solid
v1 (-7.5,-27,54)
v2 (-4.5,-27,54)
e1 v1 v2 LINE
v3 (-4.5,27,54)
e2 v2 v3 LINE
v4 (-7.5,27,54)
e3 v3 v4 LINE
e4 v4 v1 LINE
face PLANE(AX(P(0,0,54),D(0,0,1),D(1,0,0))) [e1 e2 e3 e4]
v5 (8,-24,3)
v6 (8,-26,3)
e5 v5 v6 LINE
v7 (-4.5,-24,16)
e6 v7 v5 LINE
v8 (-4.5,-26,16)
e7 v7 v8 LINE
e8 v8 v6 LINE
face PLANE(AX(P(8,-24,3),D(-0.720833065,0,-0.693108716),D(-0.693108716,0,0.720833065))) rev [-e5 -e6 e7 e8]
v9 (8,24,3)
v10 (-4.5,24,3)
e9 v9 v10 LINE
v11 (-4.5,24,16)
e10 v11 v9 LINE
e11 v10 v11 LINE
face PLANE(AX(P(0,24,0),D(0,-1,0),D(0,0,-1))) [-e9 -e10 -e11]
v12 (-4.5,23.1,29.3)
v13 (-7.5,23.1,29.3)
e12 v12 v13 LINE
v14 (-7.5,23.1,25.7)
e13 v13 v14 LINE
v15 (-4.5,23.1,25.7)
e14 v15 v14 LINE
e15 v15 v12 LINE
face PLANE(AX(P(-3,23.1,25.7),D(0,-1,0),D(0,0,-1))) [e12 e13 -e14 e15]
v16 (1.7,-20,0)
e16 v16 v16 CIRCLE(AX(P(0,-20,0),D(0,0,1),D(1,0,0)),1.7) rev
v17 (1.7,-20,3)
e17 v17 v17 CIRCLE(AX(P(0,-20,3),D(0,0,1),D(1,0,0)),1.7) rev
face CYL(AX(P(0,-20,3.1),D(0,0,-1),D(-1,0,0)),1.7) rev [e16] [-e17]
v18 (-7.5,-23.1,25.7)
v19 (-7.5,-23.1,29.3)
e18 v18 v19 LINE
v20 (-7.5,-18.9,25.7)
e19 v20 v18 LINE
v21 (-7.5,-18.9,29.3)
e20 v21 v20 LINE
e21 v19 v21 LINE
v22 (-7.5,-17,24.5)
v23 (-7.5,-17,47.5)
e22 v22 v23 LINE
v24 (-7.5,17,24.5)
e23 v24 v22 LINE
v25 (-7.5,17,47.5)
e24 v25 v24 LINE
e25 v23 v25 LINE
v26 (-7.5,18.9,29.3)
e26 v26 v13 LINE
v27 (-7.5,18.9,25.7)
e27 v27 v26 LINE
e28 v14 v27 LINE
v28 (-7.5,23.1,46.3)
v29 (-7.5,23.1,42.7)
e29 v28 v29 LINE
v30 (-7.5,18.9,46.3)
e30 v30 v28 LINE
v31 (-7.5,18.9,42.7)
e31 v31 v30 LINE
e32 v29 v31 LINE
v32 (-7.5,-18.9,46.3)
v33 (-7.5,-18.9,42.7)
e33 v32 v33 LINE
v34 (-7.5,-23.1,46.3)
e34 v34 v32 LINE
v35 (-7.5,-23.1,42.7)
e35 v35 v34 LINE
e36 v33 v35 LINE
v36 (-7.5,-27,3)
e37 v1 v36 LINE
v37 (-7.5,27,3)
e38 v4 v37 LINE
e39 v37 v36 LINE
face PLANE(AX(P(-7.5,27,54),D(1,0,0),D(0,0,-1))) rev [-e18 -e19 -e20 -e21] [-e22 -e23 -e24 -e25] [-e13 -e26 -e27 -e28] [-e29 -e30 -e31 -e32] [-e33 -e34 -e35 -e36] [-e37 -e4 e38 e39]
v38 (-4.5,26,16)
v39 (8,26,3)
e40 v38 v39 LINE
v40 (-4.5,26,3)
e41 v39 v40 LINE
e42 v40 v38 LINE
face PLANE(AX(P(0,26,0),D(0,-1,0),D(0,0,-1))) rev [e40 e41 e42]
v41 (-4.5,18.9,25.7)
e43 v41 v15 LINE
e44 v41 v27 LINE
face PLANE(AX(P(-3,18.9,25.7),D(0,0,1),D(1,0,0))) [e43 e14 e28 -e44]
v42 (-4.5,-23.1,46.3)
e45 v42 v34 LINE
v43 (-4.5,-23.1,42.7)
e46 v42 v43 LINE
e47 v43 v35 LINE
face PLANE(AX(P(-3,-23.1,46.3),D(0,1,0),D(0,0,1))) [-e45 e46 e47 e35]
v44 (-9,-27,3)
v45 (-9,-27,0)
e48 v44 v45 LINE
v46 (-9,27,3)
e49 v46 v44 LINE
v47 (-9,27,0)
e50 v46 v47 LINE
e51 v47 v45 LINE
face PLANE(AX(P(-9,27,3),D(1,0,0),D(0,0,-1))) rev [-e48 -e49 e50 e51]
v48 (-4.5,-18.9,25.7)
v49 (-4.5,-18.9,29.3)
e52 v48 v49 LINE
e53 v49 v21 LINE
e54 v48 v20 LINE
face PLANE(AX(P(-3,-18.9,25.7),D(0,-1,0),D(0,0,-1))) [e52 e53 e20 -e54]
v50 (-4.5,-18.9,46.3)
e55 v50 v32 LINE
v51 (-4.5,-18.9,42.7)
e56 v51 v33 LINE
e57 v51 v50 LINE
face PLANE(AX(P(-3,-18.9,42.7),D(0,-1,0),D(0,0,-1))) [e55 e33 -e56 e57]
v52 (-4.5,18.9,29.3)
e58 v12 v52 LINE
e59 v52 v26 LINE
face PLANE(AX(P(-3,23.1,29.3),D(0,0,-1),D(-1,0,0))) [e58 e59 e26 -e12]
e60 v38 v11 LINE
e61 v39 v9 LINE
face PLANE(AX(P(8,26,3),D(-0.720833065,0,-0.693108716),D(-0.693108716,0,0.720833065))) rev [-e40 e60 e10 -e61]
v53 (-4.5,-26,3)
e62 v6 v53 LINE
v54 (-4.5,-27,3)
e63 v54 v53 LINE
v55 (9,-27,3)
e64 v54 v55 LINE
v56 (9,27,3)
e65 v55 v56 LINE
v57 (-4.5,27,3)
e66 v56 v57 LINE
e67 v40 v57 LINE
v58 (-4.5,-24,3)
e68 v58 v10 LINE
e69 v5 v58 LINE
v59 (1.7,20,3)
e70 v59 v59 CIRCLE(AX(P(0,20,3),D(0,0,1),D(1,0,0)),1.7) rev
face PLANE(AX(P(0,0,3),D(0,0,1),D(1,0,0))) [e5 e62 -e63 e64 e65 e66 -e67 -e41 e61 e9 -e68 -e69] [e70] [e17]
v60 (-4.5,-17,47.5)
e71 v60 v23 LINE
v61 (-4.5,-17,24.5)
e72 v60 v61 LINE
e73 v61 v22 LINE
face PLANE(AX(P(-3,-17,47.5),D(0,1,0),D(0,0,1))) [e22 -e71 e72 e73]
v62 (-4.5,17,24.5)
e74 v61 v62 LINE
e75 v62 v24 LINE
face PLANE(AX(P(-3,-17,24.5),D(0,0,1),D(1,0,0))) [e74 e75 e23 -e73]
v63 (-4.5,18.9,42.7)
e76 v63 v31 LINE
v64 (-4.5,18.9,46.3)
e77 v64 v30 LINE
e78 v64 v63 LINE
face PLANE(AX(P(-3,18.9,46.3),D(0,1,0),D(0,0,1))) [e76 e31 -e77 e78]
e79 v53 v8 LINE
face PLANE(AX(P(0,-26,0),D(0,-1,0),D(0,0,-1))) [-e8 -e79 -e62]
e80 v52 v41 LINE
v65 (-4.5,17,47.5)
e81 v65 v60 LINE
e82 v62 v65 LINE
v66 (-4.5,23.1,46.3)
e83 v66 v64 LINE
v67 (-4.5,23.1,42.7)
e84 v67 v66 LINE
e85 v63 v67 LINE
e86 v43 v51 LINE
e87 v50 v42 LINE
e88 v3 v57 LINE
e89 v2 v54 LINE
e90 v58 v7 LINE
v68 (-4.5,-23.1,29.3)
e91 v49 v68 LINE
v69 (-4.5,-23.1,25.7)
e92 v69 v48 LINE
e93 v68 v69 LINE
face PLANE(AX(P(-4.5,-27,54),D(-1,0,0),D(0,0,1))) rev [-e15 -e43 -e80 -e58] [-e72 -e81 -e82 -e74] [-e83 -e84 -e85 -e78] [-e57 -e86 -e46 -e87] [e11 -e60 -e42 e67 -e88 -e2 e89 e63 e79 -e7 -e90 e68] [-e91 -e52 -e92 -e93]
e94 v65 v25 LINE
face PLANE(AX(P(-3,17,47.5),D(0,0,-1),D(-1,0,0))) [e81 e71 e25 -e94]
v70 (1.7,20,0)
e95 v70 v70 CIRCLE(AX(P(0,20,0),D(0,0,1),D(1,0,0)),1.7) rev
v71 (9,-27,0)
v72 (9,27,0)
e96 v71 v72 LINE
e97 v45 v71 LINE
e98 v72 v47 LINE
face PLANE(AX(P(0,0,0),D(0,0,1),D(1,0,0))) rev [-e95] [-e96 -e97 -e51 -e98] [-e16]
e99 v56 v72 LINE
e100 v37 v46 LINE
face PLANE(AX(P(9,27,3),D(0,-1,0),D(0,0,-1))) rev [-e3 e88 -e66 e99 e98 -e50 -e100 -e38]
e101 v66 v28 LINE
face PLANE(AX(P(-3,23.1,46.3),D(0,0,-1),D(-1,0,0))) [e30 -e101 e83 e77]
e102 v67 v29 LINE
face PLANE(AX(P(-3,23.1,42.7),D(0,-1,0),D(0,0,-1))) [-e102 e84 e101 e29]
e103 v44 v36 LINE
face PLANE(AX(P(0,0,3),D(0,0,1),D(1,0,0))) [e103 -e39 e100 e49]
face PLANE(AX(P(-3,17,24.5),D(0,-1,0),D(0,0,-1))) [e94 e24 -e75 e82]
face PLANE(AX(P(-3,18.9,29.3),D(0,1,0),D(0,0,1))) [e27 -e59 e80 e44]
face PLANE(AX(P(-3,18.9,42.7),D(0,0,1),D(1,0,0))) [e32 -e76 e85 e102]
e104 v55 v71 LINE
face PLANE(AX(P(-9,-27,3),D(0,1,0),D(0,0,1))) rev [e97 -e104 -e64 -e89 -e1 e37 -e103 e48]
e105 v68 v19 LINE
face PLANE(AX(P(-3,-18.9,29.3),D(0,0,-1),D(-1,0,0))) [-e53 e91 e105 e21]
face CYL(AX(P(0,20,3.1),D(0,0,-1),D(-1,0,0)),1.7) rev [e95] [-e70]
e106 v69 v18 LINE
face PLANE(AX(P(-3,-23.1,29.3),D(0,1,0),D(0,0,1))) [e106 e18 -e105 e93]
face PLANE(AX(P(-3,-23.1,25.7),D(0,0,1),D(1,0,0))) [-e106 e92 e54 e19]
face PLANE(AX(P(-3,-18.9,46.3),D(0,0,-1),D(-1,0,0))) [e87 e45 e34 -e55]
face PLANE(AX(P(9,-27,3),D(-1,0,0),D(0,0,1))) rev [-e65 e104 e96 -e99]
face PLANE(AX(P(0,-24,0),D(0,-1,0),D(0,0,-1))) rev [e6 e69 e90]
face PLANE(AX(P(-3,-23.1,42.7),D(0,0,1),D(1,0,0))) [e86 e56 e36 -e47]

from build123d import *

# Parameters (mm, degrees)
SKETCH_1_W                         = 18
SKETCH_1_H                         = 54
FOOT_DEPTH                         = 3
UPRIGHT_START                      = 3
SKETCH_2_W                         = 3
SKETCH_2_H                         = 54
UPRIGHT_DEPTH                      = 51
REAR_COMPONENTS_OPEN_WINDOW_START  = -8
SKETCH_3_W                         = 23
SKETCH_3_H                         = 34
REAR_COMPONENTS_OPEN_WINDOW_DEPTH  = 5
SENSOR_M2_SLOTS_CENTRES42X17_START = -8
SKETCH_4_W                         = 3.6
SKETCH_4_H                         = 4.2
SENSOR_M2_SLOTS_CENTRES42X17_DEPTH = 5
SIDE_GUSSET_START                  = -26
SIDE_GUSSET_DEPTH                  = 2
EXTRUDE_START                      = 24
EXTRUDE_4_DEPTH                    = 2
FOOT_M3_HOLES_PITCH40_START        = -0.1
SKETCH_7_R                         = 1.7
FOOT_M3_HOLES_PITCH40_DEPTH        = 3.2


with BuildPart() as part:
    # 草图1 → Foot (new body)
    with BuildSketch(Plane.XY):
        Rectangle(SKETCH_1_W, SKETCH_1_H)
    extrude(amount=FOOT_DEPTH)

    # 草图2 → Upright (add)
    with BuildSketch(Plane.XY.offset(UPRIGHT_START)):
        with Locations((-6, 0)):
            Rectangle(SKETCH_2_W, SKETCH_2_H)
    extrude(amount=UPRIGHT_DEPTH)

    # 草图3 → Rear_components_open_window (cut)
    with BuildSketch(Plane(origin=(0, 0, 0), x_dir=(0, 0, -1), z_dir=(1, 0, 0)).offset(REAR_COMPONENTS_OPEN_WINDOW_START)):
        with Locations((-36, 0)):
            Rectangle(SKETCH_3_W, SKETCH_3_H)
    extrude(amount=REAR_COMPONENTS_OPEN_WINDOW_DEPTH, mode=Mode.SUBTRACT)

    # 草图4 → Sensor_M2_slots_centres42x17 (cut)
    with BuildSketch(Plane(origin=(0, 0, 0), x_dir=(0, 0, -1), z_dir=(1, 0, 0)).offset(SENSOR_M2_SLOTS_CENTRES42X17_START)):
        with Locations((-27.5, -21)):
            Rectangle(SKETCH_4_W, SKETCH_4_H)
        with Locations((-44.5, -21)):
            Rectangle(SKETCH_4_W, SKETCH_4_H)
        with Locations((-27.5, 21)):
            Rectangle(SKETCH_4_W, SKETCH_4_H)
        with Locations((-44.5, 21)):
            Rectangle(SKETCH_4_W, SKETCH_4_H)
    extrude(amount=SENSOR_M2_SLOTS_CENTRES42X17_DEPTH, mode=Mode.SUBTRACT)

    # 草图5 → Side_gusset (add)
    with BuildSketch(Plane(origin=(0, 0, 0), x_dir=(1, 0, 0), z_dir=(0, 1, 0)).offset(SIDE_GUSSET_START)):
        Polygon((-4.5, -3), (8, -3), (-4.5, -16), align=None)
    extrude(amount=SIDE_GUSSET_DEPTH)

    # 草图6 → 凸台-拉伸4 (add)
    with BuildSketch(Plane(origin=(0, 0, 0), x_dir=(1, 0, 0), z_dir=(0, 1, 0)).offset(EXTRUDE_START)):
        Polygon((-4.5, -3), (8, -3), (-4.5, -16), align=None)
    extrude(amount=EXTRUDE_4_DEPTH)

    # 草图7 → Foot_M3_holes_pitch40 (cut)
    with BuildSketch(Plane.XY.offset(FOOT_M3_HOLES_PITCH40_START)):
        with Locations((0, -20)):
            Circle(SKETCH_7_R)
        with Locations((0, 20)):
            Circle(SKETCH_7_R)
    extrude(amount=FOOT_M3_HOLES_PITCH40_DEPTH, mode=Mode.SUBTRACT)


solid = part.part
